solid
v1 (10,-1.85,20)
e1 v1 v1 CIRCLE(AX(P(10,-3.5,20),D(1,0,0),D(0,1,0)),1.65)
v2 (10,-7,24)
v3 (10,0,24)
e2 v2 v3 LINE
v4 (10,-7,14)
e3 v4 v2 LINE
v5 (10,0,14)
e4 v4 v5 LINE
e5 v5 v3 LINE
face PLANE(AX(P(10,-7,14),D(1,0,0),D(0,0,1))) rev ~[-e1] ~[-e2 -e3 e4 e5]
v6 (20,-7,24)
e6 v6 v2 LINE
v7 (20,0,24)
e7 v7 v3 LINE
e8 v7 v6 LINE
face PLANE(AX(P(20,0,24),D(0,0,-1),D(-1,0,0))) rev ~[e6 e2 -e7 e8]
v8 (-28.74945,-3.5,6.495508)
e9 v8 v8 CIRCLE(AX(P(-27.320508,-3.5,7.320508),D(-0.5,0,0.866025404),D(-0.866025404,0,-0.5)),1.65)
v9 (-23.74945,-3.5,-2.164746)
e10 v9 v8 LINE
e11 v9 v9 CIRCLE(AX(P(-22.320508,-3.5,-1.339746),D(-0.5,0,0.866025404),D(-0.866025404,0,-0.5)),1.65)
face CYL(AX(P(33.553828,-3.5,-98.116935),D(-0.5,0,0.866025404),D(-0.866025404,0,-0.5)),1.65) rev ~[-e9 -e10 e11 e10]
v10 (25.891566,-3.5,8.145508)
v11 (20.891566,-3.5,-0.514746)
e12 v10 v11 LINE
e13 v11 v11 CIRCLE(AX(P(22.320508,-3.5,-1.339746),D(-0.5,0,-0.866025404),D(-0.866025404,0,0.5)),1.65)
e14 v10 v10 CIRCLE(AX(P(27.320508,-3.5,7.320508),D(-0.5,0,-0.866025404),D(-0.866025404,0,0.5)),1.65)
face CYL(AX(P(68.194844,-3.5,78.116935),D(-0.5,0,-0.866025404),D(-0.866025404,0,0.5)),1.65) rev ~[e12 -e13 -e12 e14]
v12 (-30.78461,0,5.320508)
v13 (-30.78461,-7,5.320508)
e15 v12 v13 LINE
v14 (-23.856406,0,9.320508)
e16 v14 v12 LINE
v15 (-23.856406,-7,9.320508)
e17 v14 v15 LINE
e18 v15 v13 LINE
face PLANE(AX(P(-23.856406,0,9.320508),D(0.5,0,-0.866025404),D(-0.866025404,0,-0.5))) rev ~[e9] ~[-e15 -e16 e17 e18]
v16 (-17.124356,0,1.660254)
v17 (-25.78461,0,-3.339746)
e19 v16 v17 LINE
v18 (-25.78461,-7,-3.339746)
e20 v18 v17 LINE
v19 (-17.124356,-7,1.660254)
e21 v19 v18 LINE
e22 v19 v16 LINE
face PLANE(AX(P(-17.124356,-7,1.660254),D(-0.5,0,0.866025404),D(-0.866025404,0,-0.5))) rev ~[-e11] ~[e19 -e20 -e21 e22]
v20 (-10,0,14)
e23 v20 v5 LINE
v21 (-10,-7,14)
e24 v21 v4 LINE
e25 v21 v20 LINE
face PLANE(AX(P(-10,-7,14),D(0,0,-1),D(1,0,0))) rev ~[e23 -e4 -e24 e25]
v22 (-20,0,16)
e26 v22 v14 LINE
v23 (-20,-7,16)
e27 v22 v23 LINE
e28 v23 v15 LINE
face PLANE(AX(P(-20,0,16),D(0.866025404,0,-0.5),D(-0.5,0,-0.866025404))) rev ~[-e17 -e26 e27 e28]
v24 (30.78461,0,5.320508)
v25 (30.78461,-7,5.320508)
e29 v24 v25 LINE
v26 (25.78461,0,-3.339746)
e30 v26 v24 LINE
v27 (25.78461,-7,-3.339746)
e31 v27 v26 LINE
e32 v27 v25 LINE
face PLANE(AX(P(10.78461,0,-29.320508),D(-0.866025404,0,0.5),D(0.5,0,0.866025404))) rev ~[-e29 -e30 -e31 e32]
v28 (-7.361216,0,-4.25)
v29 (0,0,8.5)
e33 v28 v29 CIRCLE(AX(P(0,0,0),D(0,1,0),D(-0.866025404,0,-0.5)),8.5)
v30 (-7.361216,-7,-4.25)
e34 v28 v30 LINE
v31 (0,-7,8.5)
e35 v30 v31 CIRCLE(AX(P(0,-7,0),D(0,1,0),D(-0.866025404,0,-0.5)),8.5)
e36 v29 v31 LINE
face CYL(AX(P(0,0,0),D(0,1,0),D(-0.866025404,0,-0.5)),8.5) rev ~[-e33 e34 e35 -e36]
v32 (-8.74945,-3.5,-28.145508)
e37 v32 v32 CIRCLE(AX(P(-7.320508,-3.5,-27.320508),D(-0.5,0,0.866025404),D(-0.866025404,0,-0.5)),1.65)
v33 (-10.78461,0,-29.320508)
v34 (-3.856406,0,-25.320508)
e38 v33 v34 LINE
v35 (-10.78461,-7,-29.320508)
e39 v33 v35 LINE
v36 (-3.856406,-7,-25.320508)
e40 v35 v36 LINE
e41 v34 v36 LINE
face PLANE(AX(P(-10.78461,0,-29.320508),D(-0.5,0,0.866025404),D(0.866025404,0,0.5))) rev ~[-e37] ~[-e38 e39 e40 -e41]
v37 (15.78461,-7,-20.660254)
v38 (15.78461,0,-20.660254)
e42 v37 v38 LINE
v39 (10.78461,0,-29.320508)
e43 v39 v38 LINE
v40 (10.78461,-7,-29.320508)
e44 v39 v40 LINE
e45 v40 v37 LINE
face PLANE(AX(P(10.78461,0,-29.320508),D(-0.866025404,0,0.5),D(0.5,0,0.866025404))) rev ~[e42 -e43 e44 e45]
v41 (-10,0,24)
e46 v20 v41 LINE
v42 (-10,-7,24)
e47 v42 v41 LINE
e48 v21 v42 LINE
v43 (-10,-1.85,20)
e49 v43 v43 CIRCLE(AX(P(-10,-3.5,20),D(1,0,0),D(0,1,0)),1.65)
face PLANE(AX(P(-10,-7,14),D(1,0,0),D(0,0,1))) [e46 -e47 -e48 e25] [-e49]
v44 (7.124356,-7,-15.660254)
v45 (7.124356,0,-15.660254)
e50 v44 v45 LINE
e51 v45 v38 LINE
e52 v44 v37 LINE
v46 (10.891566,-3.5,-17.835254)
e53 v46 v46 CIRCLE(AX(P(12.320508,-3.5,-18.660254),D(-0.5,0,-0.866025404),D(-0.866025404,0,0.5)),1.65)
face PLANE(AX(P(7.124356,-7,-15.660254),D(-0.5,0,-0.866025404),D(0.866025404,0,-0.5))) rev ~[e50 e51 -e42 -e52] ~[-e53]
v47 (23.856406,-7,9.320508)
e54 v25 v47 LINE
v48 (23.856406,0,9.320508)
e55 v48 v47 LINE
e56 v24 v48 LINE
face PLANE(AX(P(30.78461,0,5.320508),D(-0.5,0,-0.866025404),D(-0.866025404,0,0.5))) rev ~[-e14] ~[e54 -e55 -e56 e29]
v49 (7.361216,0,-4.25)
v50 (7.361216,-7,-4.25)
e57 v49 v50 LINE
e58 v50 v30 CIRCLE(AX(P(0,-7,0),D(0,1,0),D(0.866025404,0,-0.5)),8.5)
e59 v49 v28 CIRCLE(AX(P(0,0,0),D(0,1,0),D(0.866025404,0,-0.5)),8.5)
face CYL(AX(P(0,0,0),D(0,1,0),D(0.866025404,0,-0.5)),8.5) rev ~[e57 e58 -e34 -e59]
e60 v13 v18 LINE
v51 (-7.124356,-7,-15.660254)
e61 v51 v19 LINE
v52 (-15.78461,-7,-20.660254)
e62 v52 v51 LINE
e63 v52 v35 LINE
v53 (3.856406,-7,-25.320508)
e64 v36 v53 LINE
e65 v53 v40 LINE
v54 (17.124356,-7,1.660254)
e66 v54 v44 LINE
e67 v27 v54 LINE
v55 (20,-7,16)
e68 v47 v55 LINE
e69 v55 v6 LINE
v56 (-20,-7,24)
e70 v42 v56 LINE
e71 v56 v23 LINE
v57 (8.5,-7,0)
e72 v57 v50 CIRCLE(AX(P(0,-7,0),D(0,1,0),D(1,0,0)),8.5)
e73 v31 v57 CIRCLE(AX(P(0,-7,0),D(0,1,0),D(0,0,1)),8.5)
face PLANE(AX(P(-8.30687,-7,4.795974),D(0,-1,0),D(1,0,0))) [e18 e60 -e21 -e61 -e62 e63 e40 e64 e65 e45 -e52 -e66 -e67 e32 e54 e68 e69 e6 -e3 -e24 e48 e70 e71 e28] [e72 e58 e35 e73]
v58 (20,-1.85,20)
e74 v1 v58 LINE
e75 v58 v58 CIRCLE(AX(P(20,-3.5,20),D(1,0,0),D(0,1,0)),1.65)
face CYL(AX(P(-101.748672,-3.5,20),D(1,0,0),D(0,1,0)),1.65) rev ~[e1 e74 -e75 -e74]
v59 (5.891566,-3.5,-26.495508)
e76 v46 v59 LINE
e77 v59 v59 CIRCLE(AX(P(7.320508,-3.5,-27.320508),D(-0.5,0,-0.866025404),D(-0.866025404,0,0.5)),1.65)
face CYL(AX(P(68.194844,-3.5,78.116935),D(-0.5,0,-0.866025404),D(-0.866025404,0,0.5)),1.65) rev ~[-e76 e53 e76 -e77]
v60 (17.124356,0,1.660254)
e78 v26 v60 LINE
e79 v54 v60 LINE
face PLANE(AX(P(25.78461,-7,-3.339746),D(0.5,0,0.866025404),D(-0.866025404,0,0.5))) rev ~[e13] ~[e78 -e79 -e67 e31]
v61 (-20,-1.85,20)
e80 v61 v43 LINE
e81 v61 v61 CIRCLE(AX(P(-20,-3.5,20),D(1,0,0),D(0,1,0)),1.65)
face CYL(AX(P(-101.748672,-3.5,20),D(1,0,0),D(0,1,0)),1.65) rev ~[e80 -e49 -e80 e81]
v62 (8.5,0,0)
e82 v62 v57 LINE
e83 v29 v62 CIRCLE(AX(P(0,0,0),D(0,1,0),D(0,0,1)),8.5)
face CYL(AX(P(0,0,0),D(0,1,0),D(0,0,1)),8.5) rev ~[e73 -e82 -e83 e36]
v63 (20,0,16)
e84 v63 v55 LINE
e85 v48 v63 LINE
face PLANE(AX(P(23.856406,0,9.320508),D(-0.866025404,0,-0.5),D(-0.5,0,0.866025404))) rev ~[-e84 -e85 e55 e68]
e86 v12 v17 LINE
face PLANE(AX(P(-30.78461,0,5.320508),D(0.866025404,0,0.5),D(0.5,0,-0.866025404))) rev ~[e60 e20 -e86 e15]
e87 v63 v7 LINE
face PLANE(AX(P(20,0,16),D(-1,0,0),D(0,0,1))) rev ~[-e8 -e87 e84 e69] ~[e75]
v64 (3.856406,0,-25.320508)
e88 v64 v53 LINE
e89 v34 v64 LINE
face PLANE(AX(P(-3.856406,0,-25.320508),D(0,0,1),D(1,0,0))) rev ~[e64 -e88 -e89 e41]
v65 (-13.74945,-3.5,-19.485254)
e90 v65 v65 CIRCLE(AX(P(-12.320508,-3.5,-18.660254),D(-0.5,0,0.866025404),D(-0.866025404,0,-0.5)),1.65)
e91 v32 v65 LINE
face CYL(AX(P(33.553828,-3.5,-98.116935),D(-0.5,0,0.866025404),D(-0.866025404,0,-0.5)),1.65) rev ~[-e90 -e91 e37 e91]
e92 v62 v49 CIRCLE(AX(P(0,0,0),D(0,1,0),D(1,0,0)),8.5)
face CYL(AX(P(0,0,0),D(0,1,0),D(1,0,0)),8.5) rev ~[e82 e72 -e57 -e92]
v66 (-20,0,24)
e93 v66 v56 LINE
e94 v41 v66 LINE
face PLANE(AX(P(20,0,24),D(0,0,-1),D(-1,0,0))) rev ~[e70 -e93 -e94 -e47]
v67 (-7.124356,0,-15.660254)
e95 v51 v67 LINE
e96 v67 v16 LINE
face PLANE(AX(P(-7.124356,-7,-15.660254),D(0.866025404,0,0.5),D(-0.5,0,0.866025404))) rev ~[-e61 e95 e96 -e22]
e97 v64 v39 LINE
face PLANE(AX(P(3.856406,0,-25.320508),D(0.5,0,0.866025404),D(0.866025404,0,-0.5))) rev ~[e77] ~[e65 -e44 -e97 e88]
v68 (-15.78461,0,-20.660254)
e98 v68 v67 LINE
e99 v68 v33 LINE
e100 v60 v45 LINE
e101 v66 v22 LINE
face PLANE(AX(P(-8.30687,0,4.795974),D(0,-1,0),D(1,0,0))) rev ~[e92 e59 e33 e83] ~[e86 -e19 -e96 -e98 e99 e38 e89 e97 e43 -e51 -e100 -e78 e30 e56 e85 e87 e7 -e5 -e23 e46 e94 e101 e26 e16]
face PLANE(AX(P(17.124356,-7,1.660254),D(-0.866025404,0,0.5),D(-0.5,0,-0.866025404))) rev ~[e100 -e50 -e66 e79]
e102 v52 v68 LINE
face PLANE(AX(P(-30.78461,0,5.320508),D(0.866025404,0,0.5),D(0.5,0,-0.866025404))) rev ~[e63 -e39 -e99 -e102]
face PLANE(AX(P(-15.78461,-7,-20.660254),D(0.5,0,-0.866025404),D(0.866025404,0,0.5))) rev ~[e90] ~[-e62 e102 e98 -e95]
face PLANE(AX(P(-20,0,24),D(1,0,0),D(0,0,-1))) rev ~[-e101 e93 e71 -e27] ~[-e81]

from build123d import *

# Parameters (mm, degrees)
F1_DEPTH = 7
F2_W     = 20
F2_H     = 10
F3_DEPTH = 7.001
F5_DEPTH = 7.001
F7_DEPTH = 7.001
F9_D     = 3.3
F11_D    = 3.3
F13_D    = 3.3


with BuildPart() as f1:
    # F0 (on Front) → F1 (new body)
    with BuildSketch(Plane.XZ):
        with BuildLine():
            ThreePointArc((-7.3612159322, -4.25), (-7.3612159322, 4.25), (0, 8.5))
            Line((0, 8.5), (0, 16))
            ThreePointArc((0, 16), (-13.8564064606, 8), (-13.8564064606, -8))
            Line((-13.8564064606, -8), (-7.3612159322, -4.25))
        make_face()
        Polygon((-20, 16), (0, 16), (20, 16), (20, 24), (-20, 24), align=None)
        with BuildLine():
            ThreePointArc((-13.8564064606, -8), (-13.8564064606, 8), (0, 16))
            Line((0, 16), (-20, 16))
            Line((-20, 16), (-23.8564064606, 9.3205080757))
            Line((-23.8564064606, 9.3205080757), (-13.8564064606, -8))
        make_face()
        Polygon((-3.8564064606, -25.3205080757), (-13.8564064606, -8), (-23.8564064606, 9.3205080757), (-30.7846096908, 5.3205080757), (-10.7846096908, -29.3205080757), align=None)
        with BuildLine():
            Line((13.8564064606, -8), (7.3612159322, -4.25))
            ThreePointArc((7.3612159322, -4.25), (0, -8.5), (-7.3612159322, -4.25))
            Line((-7.3612159322, -4.25), (-13.8564064606, -8))
            ThreePointArc((-13.8564064606, -8), (0, -16), (13.8564064606, -8))
        make_face()
        with BuildLine():
            Line((3.8564064606, -25.3205080757), (13.8564064606, -8))
            ThreePointArc((13.8564064606, -8), (0, -16), (-13.8564064606, -8))
            Line((-13.8564064606, -8), (-3.8564064606, -25.3205080757))
            Line((-3.8564064606, -25.3205080757), (3.8564064606, -25.3205080757))
        make_face()
        Polygon((23.8564064606, 9.3205080757), (13.8564064606, -8), (3.8564064606, -25.3205080757), (10.7846096908, -29.3205080757), (30.7846096908, 5.3205080757), align=None)
        with BuildLine():
            ThreePointArc((0, 8.5), (6.0104076401, 6.0104076401), (8.5, 0))
            ThreePointArc((8.5, 0), (8.2103695235, -2.1999618834), (7.3612159322, -4.25))
            Line((7.3612159322, -4.25), (13.8564064606, -8))
            ThreePointArc((13.8564064606, -8), (15.4548132206, -4.1411047216), (16, 0))
            ThreePointArc((16, 0), (11.313708499, 11.313708499), (0, 16))
            Line((0, 16), (0, 8.5))
        make_face()
        with BuildLine():
            Line((20, 16), (0, 16))
            ThreePointArc((0, 16), (11.313708499, 11.313708499), (16, 0))
            ThreePointArc((16, 0), (15.4548132206, -4.1411047216), (13.8564064606, -8))
            Line((13.8564064606, -8), (23.8564064606, 9.3205080757))
            Line((23.8564064606, 9.3205080757), (20, 16))
        make_face()
    extrude(amount=F1_DEPTH)

    # F2 (on face) → F3 (cut, through all)
    with BuildSketch(Plane.XZ.offset(7)):
        with Locations((0, 19)):
            Rectangle(F2_W, F2_H)
    extrude(amount=-F3_DEPTH, mode=Mode.SUBTRACT)

    # F4 (on face) → F5 (cut, through all)
    with BuildSketch(Plane.XZ.offset(7)):
        Polygon((7.124355653, -15.6602540378), (15.7846096908, -20.6602540378), (25.7846096908, -3.3397459622), (17.124355653, 1.6602540378), align=None)
    extrude(amount=-F5_DEPTH, mode=Mode.SUBTRACT)

    # F6 (on face) → F7 (cut, through all)
    with BuildSketch(Plane.XZ.offset(7)):
        Polygon((-15.7846096908, -20.6602540378), (-7.124355653, -15.6602540378), (-17.124355653, 1.6602540378), (-25.7846096908, -3.3397459622), align=None)
    extrude(amount=-F7_DEPTH, mode=Mode.SUBTRACT)

    # F9 (through all)
    with Locations(Plane(origin=(-20, 0, 0), x_dir=(0, -1, 0), z_dir=(-1, 0, 0))):
        with Locations((3.5, 20)):
            Hole(F9_D / 2)

    # F11 (through all)
    with Locations(Plane(origin=(10, 0, 17.3205080757), x_dir=(0.8660254038, 0, -0.5), z_dir=(0.5, 0, 0.8660254038))):
        with Locations((20, -3.5)):
            Hole(F11_D / 2)

    # F13 (through all)
    with Locations(Plane(origin=(10, 0, -17.3205080757), x_dir=(0.8660254038, 0, 0.5), z_dir=(0.5, 0, -0.8660254038))):
        with Locations((-20, 3.5)):
            Hole(F13_D / 2)


solid = f1.part
